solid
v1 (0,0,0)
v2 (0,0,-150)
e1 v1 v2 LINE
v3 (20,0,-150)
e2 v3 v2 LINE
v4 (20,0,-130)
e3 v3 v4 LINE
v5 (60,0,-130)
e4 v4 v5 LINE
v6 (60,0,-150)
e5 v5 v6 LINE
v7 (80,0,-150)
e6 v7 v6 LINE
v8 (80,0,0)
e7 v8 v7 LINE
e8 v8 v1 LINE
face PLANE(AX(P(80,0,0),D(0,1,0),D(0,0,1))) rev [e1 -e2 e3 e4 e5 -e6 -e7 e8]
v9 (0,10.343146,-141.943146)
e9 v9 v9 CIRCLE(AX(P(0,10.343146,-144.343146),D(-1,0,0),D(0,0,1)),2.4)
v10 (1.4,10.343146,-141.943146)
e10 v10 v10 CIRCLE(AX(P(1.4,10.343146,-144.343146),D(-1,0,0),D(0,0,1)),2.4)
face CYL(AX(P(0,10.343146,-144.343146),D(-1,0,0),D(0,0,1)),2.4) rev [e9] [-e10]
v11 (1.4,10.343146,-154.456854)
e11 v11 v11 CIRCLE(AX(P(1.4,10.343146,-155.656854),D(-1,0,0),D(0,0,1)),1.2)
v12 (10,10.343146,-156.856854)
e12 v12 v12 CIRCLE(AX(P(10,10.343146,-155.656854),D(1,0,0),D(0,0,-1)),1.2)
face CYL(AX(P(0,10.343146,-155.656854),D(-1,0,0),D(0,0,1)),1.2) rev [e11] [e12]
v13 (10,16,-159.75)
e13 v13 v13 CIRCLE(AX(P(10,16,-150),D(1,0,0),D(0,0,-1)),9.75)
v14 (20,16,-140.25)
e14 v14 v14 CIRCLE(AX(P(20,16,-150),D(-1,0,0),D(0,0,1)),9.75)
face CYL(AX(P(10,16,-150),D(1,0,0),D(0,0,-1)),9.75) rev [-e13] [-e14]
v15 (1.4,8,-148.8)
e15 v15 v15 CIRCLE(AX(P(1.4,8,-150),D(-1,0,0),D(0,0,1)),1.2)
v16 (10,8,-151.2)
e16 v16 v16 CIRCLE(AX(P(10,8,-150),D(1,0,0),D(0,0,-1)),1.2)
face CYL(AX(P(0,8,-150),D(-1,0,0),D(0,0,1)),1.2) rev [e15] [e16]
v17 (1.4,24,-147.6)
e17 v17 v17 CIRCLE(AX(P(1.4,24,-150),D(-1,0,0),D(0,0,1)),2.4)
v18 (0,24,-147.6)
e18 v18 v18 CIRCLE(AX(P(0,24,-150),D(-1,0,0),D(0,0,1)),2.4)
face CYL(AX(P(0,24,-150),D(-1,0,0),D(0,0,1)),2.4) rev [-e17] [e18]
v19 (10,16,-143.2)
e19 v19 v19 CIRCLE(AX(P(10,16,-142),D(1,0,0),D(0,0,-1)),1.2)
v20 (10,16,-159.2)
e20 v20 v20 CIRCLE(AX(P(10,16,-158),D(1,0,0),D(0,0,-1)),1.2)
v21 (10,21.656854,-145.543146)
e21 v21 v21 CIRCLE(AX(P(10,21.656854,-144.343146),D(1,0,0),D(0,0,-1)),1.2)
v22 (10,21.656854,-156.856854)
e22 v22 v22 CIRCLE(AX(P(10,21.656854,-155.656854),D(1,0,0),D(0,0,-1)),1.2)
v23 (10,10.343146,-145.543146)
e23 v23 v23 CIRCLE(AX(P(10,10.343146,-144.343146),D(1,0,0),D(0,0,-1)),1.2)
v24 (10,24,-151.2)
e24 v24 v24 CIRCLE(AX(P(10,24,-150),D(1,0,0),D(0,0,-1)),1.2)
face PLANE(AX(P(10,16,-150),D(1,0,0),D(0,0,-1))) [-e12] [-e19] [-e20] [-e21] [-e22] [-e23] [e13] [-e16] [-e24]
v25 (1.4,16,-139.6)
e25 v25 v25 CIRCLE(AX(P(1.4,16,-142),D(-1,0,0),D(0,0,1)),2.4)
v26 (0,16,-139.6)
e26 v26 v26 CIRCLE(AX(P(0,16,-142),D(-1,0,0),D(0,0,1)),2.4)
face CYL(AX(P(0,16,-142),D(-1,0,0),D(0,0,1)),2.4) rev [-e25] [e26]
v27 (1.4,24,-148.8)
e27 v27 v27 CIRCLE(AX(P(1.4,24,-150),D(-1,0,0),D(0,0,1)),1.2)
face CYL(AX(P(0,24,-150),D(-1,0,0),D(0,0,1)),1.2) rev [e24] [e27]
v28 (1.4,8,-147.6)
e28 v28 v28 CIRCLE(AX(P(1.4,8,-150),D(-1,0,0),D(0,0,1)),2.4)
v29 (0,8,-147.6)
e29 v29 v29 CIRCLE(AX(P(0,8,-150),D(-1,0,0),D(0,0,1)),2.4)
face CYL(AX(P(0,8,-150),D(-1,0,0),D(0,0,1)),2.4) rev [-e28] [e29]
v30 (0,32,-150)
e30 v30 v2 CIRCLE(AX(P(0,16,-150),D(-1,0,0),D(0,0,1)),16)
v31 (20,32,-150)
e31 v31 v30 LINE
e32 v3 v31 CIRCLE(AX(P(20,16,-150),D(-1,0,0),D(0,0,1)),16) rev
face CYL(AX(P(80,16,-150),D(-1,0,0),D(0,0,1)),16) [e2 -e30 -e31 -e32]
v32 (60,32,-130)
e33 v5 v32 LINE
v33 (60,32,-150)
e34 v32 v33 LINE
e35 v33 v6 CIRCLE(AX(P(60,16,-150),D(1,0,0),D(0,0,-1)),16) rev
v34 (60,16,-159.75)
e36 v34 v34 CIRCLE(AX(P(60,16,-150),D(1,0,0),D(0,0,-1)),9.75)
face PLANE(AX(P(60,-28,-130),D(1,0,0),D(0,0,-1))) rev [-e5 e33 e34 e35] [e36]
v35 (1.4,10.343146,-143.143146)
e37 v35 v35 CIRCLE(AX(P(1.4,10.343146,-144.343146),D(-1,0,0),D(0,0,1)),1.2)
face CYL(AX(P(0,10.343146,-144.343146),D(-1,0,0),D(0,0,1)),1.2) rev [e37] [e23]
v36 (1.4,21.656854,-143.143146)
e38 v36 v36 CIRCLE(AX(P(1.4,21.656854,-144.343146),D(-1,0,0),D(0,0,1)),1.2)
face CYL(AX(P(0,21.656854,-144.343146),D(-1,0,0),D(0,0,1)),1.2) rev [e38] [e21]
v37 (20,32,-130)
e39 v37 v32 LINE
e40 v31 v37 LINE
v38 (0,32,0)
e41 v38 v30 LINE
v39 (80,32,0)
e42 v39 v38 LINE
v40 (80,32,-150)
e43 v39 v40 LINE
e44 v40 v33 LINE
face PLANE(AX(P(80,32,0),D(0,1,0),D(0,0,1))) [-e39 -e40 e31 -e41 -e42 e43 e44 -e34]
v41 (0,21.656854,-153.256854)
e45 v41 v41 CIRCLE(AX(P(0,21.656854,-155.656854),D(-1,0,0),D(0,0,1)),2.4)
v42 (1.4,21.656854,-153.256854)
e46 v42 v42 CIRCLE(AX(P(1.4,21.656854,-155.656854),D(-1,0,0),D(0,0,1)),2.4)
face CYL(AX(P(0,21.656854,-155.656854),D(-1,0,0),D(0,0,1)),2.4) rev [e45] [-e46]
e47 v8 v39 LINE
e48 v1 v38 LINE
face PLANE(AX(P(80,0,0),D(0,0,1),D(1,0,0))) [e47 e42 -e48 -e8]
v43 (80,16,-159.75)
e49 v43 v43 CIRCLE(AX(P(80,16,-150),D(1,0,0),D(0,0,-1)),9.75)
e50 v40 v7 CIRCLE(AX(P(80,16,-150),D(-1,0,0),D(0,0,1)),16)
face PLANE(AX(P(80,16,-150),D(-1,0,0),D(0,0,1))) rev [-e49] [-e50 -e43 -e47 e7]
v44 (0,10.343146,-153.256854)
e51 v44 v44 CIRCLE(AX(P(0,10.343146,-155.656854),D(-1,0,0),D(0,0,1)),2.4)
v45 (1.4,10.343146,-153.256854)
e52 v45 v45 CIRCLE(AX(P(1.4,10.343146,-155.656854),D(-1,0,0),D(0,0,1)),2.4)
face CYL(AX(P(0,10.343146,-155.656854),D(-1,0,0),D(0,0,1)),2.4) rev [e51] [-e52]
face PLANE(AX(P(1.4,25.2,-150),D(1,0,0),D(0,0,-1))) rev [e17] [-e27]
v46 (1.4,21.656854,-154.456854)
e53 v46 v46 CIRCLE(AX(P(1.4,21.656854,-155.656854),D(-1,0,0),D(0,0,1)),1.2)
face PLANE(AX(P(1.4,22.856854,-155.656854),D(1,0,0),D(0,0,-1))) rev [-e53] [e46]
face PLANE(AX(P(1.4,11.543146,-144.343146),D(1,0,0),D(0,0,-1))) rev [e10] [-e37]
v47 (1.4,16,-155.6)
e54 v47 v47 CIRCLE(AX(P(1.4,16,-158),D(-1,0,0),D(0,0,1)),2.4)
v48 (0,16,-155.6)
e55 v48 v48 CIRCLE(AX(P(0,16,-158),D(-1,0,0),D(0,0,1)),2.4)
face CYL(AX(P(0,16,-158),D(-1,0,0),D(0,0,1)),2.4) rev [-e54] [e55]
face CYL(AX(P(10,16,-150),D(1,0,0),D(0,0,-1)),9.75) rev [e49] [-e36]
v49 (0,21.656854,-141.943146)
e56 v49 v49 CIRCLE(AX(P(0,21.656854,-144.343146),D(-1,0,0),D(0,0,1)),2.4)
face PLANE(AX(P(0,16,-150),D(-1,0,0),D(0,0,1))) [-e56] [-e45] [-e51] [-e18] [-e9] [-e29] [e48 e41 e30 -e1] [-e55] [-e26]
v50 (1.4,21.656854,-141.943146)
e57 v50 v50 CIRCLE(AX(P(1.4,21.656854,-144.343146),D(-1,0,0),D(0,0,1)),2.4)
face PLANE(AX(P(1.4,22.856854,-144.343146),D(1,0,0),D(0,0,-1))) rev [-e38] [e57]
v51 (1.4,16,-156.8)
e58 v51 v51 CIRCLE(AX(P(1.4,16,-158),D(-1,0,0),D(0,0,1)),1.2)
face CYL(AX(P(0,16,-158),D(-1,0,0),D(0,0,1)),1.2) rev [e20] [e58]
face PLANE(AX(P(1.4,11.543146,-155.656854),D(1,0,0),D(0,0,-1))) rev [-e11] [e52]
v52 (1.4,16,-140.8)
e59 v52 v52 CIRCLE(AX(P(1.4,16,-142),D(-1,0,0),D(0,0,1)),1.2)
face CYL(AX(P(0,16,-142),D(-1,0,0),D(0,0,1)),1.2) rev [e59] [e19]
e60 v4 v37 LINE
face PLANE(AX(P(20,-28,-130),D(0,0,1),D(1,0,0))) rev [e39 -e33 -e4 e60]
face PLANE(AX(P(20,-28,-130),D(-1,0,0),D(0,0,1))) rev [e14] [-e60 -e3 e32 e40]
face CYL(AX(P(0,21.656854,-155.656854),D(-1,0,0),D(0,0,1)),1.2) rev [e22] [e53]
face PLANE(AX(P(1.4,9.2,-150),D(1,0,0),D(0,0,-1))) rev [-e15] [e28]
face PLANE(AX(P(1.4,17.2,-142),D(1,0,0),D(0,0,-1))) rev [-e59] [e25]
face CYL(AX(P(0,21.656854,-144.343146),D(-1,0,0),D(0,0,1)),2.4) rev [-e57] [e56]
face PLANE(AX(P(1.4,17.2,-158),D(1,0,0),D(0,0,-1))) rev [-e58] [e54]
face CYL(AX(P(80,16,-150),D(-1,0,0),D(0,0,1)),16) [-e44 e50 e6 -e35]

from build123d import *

# Parameters (mm, degrees)
BOSS_EXTRUDE1_DEPTH                           = 80
SKETCH2_W                                     = 40
SKETCH2_H                                     = 40
CUT_EXTRUDE1_DEPTH                            = 60
SKETCH3_R                                     = 9.75
CUT_EXTRUDE2_DEPTH                            = 70
CBORE_FOR_M2_CHEESE_SLOTTED_HEAD3_D           = 2.4
CBORE_FOR_M2_CHEESE_SLOTTED_HEAD3_CBORE_D     = 4.8
CBORE_FOR_M2_CHEESE_SLOTTED_HEAD3_CBORE_DEPTH = 1.4


with BuildPart() as part:
    # Sketch1 → Boss-Extrude1 (new body)
    with BuildSketch(Plane(origin=(0, 0, 0), x_dir=(0, 0, -1), z_dir=(1, 0, 0))):
        with BuildLine():
            Line((0, 0), (150, 0))
            ThreePointArc((150, 0), (166, 16), (150, 32))
            Line((150, 32), (0, 32))
            Line((0, 32), (0, 0))
        make_face()
    extrude(amount=BOSS_EXTRUDE1_DEPTH)

    # Sketch2 → Cut-Extrude1 (cut)
    with BuildSketch(Plane(origin=(0, 32, 0), x_dir=(1, 0, 0), z_dir=(0, 1, 0))):
        with Locations((40, 150)):
            Rectangle(SKETCH2_W, SKETCH2_H)
    extrude(amount=-CUT_EXTRUDE1_DEPTH, mode=Mode.SUBTRACT)

    # Sketch3 → Cut-Extrude2 (cut)
    with BuildSketch(Plane(origin=(80, 0, 0), x_dir=(0, 0, -1), z_dir=(1, 0, 0))):
        with Locations((150, 16)):
            Circle(SKETCH3_R)
    extrude(amount=-CUT_EXTRUDE2_DEPTH, mode=Mode.SUBTRACT)

    # CBORE for M2 Cheese Slotted Head3 (through all)
    with Locations(Plane(origin=(0, 24, -150), x_dir=(0, 0, -1), z_dir=(-1, 0, 0))):
        with Locations((0, 0), (-5.656854249, 2.343145751), (-8, 8), (-5.656854249, 13.656854249), (0, 16), (5.656854249, 13.656854249), (8, 8), (5.656854249, 2.343145751)):
            CounterBoreHole(CBORE_FOR_M2_CHEESE_SLOTTED_HEAD3_D / 2, CBORE_FOR_M2_CHEESE_SLOTTED_HEAD3_CBORE_D / 2, CBORE_FOR_M2_CHEESE_SLOTTED_HEAD3_CBORE_DEPTH)


solid = part.part
